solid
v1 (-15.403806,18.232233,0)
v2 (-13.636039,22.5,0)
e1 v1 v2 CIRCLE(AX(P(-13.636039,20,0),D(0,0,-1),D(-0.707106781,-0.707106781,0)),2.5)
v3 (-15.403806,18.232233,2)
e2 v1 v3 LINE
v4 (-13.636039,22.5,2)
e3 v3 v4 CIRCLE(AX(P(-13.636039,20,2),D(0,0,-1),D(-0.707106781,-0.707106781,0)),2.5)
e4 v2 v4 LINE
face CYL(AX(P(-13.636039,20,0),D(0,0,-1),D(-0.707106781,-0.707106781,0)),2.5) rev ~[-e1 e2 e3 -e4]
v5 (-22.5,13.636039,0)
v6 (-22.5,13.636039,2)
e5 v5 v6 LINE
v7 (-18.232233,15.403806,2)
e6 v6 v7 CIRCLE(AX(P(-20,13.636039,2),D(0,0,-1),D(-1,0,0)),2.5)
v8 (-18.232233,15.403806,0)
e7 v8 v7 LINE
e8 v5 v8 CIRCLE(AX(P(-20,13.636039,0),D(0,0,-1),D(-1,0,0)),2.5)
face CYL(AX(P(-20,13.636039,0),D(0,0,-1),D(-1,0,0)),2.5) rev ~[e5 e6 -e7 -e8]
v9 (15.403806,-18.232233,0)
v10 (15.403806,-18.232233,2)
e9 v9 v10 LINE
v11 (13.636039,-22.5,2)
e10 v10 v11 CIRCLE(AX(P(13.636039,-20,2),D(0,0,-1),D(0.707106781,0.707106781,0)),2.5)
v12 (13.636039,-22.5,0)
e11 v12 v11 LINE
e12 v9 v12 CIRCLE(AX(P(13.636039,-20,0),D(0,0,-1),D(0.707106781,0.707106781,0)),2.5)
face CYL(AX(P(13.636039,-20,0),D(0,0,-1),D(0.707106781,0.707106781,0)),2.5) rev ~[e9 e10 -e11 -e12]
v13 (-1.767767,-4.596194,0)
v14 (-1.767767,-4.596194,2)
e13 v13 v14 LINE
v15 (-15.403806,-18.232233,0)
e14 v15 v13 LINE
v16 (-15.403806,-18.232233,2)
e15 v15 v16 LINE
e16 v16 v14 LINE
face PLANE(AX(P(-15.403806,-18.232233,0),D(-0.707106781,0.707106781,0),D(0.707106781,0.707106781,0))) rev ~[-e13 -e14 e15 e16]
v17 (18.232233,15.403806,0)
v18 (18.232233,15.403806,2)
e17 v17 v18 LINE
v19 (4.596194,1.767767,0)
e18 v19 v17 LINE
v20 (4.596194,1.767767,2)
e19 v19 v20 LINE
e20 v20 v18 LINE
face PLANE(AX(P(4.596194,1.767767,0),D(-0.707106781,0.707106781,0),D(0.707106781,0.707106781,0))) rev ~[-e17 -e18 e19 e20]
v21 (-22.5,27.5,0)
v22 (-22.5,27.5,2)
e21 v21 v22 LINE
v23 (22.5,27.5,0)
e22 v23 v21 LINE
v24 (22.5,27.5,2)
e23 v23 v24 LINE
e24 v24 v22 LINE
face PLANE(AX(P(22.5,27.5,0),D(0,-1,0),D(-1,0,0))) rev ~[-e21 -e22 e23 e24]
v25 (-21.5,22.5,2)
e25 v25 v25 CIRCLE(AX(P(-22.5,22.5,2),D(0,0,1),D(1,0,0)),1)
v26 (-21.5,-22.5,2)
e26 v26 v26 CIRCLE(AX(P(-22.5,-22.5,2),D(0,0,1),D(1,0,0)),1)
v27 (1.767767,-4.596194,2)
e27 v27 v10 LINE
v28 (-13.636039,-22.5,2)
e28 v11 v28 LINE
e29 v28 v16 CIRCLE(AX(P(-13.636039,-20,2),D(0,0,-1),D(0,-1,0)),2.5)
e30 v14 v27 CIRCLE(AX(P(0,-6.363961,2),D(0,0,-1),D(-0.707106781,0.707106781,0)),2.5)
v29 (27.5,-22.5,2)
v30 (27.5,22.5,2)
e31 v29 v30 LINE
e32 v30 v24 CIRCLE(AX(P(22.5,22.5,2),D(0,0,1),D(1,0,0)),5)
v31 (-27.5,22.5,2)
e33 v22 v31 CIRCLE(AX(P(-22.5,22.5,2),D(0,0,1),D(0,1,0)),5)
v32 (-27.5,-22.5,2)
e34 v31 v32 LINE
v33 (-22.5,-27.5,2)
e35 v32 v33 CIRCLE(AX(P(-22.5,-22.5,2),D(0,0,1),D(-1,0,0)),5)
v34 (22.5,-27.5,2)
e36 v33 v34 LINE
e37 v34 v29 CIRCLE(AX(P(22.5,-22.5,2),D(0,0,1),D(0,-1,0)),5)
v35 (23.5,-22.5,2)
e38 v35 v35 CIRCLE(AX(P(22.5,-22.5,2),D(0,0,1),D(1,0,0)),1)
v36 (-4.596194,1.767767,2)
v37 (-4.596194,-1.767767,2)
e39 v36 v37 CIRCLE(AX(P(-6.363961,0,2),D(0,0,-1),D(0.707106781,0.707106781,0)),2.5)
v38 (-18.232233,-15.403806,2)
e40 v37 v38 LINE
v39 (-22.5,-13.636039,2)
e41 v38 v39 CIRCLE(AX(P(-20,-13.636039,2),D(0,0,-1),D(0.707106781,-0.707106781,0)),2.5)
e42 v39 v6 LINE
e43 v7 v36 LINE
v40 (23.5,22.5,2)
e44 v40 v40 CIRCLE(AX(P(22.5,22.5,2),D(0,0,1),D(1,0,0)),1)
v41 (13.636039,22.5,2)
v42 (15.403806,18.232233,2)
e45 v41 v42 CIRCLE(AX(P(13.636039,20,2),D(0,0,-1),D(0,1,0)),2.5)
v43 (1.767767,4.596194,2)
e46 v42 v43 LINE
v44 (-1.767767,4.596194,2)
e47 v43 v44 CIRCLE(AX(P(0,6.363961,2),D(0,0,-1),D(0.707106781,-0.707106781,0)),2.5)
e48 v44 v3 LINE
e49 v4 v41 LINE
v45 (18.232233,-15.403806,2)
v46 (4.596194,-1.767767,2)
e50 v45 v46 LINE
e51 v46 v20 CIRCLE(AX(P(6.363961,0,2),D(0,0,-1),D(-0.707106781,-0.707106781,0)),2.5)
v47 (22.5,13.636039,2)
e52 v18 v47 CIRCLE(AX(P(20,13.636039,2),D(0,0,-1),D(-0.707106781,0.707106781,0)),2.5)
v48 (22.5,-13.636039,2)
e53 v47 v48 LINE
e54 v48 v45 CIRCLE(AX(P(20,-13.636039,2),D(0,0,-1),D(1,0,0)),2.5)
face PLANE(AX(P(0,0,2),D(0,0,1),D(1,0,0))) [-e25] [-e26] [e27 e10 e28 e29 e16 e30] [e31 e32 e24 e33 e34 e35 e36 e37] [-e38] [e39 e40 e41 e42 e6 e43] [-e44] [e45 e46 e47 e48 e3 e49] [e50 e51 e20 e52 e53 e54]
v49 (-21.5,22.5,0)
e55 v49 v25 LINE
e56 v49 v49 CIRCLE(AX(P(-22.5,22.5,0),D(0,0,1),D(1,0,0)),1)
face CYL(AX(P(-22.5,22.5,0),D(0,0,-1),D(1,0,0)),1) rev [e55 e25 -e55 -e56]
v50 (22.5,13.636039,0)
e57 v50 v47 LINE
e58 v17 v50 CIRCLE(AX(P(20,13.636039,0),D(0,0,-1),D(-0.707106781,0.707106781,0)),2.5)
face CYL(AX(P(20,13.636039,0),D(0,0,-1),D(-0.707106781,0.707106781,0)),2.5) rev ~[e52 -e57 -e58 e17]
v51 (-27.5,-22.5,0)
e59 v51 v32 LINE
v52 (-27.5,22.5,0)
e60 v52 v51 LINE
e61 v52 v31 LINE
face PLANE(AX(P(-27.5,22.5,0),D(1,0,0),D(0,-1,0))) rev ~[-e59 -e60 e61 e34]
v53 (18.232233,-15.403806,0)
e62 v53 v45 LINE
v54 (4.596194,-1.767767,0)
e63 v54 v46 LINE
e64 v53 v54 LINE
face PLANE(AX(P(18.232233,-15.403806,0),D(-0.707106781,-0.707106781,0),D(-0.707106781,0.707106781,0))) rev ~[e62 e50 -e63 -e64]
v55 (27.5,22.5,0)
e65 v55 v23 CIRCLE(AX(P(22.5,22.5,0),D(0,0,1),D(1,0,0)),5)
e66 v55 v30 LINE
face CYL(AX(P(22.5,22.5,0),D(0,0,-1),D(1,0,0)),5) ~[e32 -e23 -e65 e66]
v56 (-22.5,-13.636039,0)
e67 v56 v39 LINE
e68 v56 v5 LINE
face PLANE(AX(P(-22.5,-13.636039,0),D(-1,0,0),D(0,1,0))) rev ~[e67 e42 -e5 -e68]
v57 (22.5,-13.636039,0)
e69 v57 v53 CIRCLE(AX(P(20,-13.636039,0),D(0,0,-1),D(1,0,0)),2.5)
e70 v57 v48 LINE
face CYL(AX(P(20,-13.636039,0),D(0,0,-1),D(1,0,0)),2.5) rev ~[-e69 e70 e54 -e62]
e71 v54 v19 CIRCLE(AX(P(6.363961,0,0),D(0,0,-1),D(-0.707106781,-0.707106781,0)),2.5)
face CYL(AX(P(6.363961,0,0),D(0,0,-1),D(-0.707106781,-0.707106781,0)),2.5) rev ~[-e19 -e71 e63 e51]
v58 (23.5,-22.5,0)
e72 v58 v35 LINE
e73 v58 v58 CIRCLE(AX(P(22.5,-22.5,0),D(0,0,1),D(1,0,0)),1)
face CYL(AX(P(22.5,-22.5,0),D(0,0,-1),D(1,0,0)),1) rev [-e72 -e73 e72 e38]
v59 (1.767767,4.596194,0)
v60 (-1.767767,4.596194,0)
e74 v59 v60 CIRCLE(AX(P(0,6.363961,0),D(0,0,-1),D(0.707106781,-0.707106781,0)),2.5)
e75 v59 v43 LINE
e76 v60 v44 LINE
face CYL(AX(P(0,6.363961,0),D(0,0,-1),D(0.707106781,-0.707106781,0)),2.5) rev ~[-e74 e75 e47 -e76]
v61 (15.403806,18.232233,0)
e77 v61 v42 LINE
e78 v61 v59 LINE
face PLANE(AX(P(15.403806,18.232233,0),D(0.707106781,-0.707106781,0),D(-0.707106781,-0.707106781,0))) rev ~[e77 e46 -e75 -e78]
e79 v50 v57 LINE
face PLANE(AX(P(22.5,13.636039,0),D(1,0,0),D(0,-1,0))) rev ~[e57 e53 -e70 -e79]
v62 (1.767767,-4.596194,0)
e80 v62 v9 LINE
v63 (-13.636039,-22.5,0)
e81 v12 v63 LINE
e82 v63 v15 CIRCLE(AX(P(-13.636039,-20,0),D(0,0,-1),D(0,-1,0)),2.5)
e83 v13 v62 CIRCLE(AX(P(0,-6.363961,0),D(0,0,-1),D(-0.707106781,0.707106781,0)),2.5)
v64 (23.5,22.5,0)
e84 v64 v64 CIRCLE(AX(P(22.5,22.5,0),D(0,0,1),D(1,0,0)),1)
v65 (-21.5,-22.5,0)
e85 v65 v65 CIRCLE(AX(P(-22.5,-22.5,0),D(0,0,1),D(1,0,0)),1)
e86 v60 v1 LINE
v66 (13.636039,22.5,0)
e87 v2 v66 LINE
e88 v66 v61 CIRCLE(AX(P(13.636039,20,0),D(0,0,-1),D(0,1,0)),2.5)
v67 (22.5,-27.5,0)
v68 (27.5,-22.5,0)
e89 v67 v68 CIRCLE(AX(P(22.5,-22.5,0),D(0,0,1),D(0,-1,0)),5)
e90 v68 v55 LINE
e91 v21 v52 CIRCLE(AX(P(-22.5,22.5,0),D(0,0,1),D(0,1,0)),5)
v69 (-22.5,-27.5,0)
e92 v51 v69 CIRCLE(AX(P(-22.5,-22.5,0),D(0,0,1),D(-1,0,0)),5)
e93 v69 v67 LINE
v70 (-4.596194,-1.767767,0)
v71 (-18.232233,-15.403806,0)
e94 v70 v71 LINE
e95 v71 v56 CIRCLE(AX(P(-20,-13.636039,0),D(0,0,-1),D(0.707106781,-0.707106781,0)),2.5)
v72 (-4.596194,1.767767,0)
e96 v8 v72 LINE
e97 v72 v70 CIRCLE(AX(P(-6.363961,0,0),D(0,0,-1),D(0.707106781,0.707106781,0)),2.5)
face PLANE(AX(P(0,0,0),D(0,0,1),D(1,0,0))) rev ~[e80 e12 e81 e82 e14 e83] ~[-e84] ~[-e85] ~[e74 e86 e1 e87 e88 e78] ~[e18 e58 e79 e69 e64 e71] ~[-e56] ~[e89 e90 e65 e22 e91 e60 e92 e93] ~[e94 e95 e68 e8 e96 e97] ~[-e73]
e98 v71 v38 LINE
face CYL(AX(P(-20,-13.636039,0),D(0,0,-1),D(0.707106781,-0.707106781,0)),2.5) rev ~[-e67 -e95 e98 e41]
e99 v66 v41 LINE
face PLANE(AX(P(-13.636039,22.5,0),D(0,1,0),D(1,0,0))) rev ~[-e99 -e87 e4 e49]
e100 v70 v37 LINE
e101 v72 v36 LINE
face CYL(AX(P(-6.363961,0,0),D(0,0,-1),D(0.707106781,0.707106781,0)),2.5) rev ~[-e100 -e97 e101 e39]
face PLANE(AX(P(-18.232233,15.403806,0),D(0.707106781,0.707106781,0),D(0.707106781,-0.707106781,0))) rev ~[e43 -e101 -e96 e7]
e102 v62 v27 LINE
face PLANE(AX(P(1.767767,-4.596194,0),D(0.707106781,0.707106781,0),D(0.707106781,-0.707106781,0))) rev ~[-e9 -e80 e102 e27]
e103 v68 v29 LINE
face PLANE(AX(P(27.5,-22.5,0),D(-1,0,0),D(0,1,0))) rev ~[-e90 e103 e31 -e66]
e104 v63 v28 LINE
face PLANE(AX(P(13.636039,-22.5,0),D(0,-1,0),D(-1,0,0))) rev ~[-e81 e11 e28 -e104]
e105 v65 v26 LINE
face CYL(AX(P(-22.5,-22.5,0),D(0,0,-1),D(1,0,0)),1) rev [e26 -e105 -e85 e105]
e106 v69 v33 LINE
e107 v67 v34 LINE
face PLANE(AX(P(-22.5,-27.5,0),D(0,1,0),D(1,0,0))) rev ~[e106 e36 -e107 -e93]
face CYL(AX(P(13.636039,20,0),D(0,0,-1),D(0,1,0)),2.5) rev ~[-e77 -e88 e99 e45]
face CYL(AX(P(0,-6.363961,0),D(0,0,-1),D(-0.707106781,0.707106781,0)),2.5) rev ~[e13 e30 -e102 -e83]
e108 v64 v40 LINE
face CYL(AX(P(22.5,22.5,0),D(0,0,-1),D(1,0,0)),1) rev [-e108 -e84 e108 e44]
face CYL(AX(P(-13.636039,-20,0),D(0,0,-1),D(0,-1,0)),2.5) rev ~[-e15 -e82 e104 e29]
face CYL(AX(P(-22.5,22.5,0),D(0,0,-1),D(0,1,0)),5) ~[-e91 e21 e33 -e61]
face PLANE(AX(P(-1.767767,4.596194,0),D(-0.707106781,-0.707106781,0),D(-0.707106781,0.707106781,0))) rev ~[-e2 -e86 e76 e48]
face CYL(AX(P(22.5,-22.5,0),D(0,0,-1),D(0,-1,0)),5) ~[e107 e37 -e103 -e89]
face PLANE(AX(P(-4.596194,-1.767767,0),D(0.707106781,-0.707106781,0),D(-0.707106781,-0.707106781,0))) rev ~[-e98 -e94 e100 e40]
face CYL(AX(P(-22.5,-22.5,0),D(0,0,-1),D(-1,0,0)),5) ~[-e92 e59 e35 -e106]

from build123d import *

# Parameters (mm, degrees)
SKETCH1_R           = 1
BOSS_EXTRUDE1_DEPTH = 2


with BuildPart() as part:
    # Sketch1 → Boss-Extrude1 (new body)
    with BuildSketch(Plane.XY):
        with BuildLine():
            Line((22.5, 27.5), (-22.5, 27.5))
            ThreePointArc((-22.5, 27.5), (-26.035533906, 26.035533906), (-27.5, 22.5))
            Line((-27.5, 22.5), (-27.5, -22.5))
            ThreePointArc((-27.5, -22.5), (-26.035533906, -26.035533906), (-22.5, -27.5))
            Line((-22.5, -27.5), (22.5, -27.5))
            ThreePointArc((22.5, -27.5), (26.035533906, -26.035533906), (27.5, -22.5))
            Line((27.5, -22.5), (27.5, 22.5))
            ThreePointArc((27.5, 22.5), (26.035533906, 26.035533906), (22.5, 27.5))
        make_face()
        with Locations((-22.5, 22.5)):
            Circle(SKETCH1_R, mode=Mode.SUBTRACT)
        with Locations((22.5, 22.5)):
            Circle(SKETCH1_R, mode=Mode.SUBTRACT)
        with Locations((22.5, -22.5)):
            Circle(SKETCH1_R, mode=Mode.SUBTRACT)
        with Locations((-22.5, -22.5)):
            Circle(SKETCH1_R, mode=Mode.SUBTRACT)
        with BuildLine():
            Line((-13.636038969, 22.5), (13.636038969, 22.5))
            ThreePointArc((13.636038969, 22.5), (15.945737801, 20.956708581), (15.403805922, 18.232233047))
            Line((15.403805922, 18.232233047), (1.767766953, 4.596194078))
            ThreePointArc((1.767766953, 4.596194078), (0, 3.863961031), (-1.767766953, 4.596194078))
            Line((-1.767766953, 4.596194078), (-15.403805922, 18.232233047))
            ThreePointArc((-15.403805922, 18.232233047), (-15.945737801, 20.956708581), (-13.636038969, 22.5))
        make_face(mode=Mode.SUBTRACT)
        with BuildLine():
            Line((-18.232233047, 15.403805922), (-4.596194078, 1.767766953))
            ThreePointArc((-4.596194078, 1.767766953), (-3.863961031, 0), (-4.596194078, -1.767766953))
            Line((-4.596194078, -1.767766953), (-18.232233047, -15.403805922))
            ThreePointArc((-18.232233047, -15.403805922), (-20.956708581, -15.945737801), (-22.5, -13.636038969))
            Line((-22.5, -13.636038969), (-22.5, 13.636038969))
            ThreePointArc((-22.5, 13.636038969), (-20.956708581, 15.945737801), (-18.232233047, 15.403805922))
        make_face(mode=Mode.SUBTRACT)
        with BuildLine():
            Line((-15.403805922, -18.232233047), (-1.767766953, -4.596194078))
            ThreePointArc((-1.767766953, -4.596194078), (0, -3.863961031), (1.767766953, -4.596194078))
            Line((1.767766953, -4.596194078), (15.403805922, -18.232233047))
            ThreePointArc((15.403805922, -18.232233047), (15.945737801, -20.956708581), (13.636038969, -22.5))
            Line((13.636038969, -22.5), (-13.636038969, -22.5))
            ThreePointArc((-13.636038969, -22.5), (-15.945737801, -20.956708581), (-15.403805922, -18.232233047))
        make_face(mode=Mode.SUBTRACT)
        with BuildLine():
            Line((18.232233047, -15.403805922), (4.596194078, -1.767766953))
            ThreePointArc((4.596194078, -1.767766953), (3.863961031, 0), (4.596194078, 1.767766953))
            Line((4.596194078, 1.767766953), (18.232233047, 15.403805922))
            ThreePointArc((18.232233047, 15.403805922), (20.956708581, 15.945737801), (22.5, 13.636038969))
            Line((22.5, 13.636038969), (22.5, -13.636038969))
            ThreePointArc((22.5, -13.636038969), (20.956708581, -15.945737801), (18.232233047, -15.403805922))
        make_face(mode=Mode.SUBTRACT)
    extrude(amount=BOSS_EXTRUDE1_DEPTH)


solid = part.part
